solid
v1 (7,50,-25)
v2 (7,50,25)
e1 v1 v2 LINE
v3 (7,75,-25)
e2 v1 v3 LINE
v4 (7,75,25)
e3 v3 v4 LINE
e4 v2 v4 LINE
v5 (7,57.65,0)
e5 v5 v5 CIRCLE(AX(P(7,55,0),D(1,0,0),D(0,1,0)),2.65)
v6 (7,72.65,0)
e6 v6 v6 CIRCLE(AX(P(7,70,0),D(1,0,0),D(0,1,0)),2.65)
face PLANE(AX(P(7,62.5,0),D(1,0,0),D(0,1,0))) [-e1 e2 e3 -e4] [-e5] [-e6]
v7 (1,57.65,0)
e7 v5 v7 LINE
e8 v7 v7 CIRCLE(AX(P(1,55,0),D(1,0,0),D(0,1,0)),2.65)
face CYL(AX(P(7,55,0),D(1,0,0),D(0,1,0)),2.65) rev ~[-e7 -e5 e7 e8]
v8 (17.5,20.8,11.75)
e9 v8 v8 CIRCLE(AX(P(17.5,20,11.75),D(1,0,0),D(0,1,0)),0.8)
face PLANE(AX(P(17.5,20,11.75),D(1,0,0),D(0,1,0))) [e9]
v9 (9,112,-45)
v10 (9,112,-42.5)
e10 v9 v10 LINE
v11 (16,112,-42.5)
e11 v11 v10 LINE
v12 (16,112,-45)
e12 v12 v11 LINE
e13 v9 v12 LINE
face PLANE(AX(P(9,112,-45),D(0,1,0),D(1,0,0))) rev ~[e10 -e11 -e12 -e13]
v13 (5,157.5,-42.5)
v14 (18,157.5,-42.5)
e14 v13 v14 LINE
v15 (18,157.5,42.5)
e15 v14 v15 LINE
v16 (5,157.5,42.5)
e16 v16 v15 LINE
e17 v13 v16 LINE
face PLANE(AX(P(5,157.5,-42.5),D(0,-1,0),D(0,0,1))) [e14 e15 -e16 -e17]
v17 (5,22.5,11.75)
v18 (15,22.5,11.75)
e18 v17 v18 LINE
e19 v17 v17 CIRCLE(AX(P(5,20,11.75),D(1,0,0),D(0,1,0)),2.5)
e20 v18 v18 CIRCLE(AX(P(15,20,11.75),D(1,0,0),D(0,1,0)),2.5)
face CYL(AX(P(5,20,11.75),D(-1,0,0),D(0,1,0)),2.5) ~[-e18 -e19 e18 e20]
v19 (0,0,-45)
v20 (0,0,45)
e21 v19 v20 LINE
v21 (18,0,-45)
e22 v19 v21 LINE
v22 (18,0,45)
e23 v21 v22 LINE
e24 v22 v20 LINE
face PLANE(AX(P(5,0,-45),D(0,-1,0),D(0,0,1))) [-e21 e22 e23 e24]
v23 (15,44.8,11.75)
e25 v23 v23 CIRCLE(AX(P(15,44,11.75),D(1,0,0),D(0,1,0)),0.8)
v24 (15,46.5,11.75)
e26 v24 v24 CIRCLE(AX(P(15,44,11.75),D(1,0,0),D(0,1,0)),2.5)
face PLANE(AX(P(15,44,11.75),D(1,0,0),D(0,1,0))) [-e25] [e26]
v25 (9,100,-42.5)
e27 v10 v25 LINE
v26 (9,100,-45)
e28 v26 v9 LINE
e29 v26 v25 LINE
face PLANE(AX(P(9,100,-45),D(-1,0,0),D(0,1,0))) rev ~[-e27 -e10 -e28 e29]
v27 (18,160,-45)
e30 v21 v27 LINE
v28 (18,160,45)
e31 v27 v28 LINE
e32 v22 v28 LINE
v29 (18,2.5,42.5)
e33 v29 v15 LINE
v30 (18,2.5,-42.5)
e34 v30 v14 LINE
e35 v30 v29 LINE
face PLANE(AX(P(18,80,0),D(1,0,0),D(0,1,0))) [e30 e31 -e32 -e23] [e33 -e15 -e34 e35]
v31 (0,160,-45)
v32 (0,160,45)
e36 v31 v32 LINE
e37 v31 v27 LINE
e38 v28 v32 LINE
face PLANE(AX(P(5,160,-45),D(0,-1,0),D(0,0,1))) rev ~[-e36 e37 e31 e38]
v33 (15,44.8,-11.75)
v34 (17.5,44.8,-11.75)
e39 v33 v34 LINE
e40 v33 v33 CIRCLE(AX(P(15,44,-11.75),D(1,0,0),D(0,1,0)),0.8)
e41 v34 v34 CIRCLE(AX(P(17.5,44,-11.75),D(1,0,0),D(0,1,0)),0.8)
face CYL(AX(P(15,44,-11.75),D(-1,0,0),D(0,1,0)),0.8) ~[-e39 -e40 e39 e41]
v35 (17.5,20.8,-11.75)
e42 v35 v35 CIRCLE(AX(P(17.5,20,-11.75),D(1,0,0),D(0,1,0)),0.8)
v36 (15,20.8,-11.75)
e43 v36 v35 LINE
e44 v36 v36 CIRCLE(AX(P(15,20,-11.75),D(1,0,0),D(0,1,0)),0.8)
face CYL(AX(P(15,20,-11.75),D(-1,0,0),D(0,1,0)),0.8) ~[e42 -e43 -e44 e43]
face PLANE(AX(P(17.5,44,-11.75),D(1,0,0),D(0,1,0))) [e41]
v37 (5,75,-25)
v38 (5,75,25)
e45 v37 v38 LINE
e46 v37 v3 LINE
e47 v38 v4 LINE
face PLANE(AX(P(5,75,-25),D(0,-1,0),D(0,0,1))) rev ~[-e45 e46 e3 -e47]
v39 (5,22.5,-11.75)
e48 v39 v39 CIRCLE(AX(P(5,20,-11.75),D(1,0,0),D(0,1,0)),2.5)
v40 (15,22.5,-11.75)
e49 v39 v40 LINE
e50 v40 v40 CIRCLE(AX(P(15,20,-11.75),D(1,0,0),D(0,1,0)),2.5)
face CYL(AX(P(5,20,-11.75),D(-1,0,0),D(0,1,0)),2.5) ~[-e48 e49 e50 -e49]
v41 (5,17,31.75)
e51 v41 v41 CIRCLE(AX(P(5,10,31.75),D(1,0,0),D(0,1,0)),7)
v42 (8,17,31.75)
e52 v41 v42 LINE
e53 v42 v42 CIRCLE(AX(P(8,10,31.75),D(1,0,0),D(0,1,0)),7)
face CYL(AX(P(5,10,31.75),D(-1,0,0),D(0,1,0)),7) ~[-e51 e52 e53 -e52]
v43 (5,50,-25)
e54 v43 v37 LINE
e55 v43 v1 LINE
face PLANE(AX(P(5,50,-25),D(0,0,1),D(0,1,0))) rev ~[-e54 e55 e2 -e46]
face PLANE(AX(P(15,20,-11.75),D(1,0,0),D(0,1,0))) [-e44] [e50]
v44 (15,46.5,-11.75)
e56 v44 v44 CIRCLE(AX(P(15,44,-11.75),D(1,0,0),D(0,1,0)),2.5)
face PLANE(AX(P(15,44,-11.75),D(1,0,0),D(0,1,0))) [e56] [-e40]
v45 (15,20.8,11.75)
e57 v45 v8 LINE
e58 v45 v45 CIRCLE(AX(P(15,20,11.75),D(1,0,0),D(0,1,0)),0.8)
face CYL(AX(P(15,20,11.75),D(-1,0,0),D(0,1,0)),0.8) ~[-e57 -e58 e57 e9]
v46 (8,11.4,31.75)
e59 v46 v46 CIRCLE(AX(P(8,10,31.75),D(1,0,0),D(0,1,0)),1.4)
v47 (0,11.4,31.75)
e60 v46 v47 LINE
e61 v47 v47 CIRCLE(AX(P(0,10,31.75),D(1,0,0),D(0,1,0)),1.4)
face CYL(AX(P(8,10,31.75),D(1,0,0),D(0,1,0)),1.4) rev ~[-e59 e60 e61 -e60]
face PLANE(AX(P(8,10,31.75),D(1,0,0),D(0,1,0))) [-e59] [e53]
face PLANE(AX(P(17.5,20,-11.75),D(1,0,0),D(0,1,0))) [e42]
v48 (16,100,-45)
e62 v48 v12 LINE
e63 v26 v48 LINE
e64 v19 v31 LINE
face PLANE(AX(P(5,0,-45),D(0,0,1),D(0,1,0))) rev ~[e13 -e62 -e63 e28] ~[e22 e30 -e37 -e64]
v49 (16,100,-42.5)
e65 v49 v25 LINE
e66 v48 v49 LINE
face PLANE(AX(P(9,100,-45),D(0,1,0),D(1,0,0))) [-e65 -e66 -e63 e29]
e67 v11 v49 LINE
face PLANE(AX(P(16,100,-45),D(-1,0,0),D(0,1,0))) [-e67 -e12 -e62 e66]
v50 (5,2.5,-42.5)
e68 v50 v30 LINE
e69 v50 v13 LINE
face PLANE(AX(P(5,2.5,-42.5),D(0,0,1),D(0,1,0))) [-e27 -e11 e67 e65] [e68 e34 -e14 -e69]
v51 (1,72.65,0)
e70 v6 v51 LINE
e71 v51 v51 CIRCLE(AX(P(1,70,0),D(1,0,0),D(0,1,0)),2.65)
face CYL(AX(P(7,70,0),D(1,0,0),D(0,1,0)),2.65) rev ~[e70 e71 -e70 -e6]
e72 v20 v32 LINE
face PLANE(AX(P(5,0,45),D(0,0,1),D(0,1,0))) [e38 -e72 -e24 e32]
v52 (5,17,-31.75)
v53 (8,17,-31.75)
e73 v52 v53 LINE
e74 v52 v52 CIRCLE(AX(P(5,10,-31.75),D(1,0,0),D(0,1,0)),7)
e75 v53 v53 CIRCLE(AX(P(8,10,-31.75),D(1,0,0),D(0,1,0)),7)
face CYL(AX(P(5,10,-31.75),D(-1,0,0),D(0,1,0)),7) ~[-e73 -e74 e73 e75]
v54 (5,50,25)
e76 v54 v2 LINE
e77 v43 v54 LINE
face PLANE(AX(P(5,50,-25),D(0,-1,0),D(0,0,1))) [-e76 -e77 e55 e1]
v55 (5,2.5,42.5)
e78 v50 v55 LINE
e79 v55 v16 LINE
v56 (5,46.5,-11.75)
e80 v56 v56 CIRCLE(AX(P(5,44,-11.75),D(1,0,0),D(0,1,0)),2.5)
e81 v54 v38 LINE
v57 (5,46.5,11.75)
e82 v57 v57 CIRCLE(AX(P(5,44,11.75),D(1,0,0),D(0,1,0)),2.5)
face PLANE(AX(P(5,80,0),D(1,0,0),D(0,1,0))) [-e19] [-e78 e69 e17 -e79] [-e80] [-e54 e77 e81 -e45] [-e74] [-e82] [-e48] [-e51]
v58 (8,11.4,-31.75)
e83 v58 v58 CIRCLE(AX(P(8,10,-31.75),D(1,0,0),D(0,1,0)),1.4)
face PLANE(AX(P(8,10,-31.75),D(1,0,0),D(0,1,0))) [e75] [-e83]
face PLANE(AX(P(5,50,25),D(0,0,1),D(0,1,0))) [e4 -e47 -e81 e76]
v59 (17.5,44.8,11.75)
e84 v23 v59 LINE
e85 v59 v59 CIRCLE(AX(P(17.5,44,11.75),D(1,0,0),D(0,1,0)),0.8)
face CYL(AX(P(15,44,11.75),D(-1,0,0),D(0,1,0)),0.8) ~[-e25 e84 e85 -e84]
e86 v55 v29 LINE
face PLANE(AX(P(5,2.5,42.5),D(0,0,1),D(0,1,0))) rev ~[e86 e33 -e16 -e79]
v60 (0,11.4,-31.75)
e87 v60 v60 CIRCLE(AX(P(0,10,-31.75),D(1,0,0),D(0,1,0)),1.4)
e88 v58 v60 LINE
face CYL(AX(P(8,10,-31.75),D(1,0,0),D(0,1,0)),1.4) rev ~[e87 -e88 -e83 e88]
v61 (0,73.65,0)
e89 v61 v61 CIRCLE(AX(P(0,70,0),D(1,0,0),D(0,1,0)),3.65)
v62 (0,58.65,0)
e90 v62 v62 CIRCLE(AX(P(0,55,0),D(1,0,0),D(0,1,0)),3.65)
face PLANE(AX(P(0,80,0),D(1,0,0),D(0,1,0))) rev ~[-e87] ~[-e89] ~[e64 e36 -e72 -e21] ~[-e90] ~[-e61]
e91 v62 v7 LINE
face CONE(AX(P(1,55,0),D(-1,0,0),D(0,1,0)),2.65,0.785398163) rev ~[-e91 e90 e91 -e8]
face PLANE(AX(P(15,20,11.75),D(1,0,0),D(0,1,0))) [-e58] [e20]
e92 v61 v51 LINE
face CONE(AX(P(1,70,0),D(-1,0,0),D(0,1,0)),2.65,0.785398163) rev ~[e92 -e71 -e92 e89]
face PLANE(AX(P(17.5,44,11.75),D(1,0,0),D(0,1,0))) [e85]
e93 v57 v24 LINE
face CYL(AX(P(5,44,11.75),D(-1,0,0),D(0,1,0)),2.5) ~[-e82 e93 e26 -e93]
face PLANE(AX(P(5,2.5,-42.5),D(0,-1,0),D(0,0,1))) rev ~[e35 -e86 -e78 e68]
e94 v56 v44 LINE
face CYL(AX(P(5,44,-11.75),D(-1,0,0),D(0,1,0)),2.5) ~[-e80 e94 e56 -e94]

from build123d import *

# Parameters (mm, degrees)
SKETCH_W        = 160
SKETCH_H        = 90
PAD_DEPTH       = 5
SKETCH001_R     = 7
PAD001_DEPTH    = 3
SKETCH002_R     = 2.5
PAD002_DEPTH    = 10
SKETCH003_R     = 0.8
PAD003_DEPTH    = 2.5
SKETCH004_R     = 1.4
POCKET_DEPTH    = 8
SKETCH005_W     = 25
SKETCH005_H     = 50
PAD004_DEPTH    = 2
SKETCH006_R     = 2.65
POCKET001_DEPTH = 7
CHAMFER_SIZE    = 1
CHAMFER001_SIZE = 1
SKETCH007_W     = 160
SKETCH007_H     = 90
SKETCH007_W_2   = 155
SKETCH007_H_2   = 85
PAD005_DEPTH    = 13
SKETCH008_W     = 12
SKETCH008_H     = 7
POCKET002_DEPTH = 5


with BuildPart() as part:
    # Sketch → Pad (new body)
    with BuildSketch(Plane.YZ):
        with Locations((80, 0)):
            Rectangle(SKETCH_W, SKETCH_H)
    extrude(amount=PAD_DEPTH)

    # Sketch001 (on Face6 of Pad) → Pad001 (join)
    with BuildSketch(Plane.YZ.offset(5)):
        with Locations((10, 31.75)):
            Circle(SKETCH001_R)
        with Locations((10, -31.75)):
            Circle(SKETCH001_R)
    extrude(amount=PAD001_DEPTH)

    # Sketch002 (on Face5 of Pad001) → Pad002 (join)
    with BuildSketch(Plane.YZ.offset(5)):
        with Locations((20, 11.75)):
            Circle(SKETCH002_R)
        with Locations((44, 11.75)):
            Circle(SKETCH002_R)
        with Locations((20, -11.75)):
            Circle(SKETCH002_R)
        with Locations((44, -11.75)):
            Circle(SKETCH002_R)
    extrude(amount=PAD002_DEPTH)

    # Sketch003 (on Face13 of Pad002) → Pad003 (join)
    with BuildSketch(Plane.YZ.offset(15)):
        with Locations((44, 11.75)):
            Circle(SKETCH003_R)
        with Locations((20, 11.75)):
            Circle(SKETCH003_R)
        with Locations((20, -11.75)):
            Circle(SKETCH003_R)
        with Locations((44, -11.75)):
            Circle(SKETCH003_R)
    extrude(amount=PAD003_DEPTH)

    # Sketch004 (on Face16 of Pad003) → Pocket (cut)
    with BuildSketch(Plane.YZ.offset(8)):
        with Locations((10, 31.75)):
            Circle(SKETCH004_R)
        with Locations((10, -31.75)):
            Circle(SKETCH004_R)
    extrude(amount=-POCKET_DEPTH, mode=Mode.SUBTRACT)

    # Sketch005 (on Face5 of Pocket) → Pad004 (join)
    with BuildSketch(Plane.YZ.offset(5)):
        with Locations((62.5, 0)):
            Rectangle(SKETCH005_W, SKETCH005_H)
    extrude(amount=PAD004_DEPTH)

    # Sketch006 (on Face21 of Pad004) → Pocket001 (cut)
    with BuildSketch(Plane.YZ.offset(7)):
        with Locations((55, 0)):
            Circle(SKETCH006_R)
        with Locations((70, 0)):
            Circle(SKETCH006_R)
    extrude(amount=-POCKET001_DEPTH, mode=Mode.SUBTRACT)

    # Chamfer
    chamfer_edges = [part.edges().sort_by_distance(p)[0] for p in [
        (0, 52.35, 0),
    ]]
    chamfer(chamfer_edges, length=CHAMFER_SIZE)

    # Chamfer001
    chamfer001_edges = [part.edges().sort_by_distance(p)[0] for p in [
        (0, 67.35, 0),
    ]]
    chamfer(chamfer001_edges, length=CHAMFER001_SIZE)

    # Sketch007 (on Face12 of Chamfer001) → Pad005 (join)
    with BuildSketch(Plane.YZ.offset(5)):
        with Locations((80, 0)):
            Rectangle(SKETCH007_W, SKETCH007_H)
        with Locations((80, 0)):
            Rectangle(SKETCH007_W_2, SKETCH007_H_2, mode=Mode.SUBTRACT)
    extrude(amount=PAD005_DEPTH)

    # Sketch008 (on Face42 of Pad005) → Pocket002 (cut)
    with BuildSketch(Plane.YX.offset(45)):
        with Locations((106, 12.5)):
            Rectangle(SKETCH008_W, SKETCH008_H)
    extrude(amount=-POCKET002_DEPTH, mode=Mode.SUBTRACT)


solid = part.part
